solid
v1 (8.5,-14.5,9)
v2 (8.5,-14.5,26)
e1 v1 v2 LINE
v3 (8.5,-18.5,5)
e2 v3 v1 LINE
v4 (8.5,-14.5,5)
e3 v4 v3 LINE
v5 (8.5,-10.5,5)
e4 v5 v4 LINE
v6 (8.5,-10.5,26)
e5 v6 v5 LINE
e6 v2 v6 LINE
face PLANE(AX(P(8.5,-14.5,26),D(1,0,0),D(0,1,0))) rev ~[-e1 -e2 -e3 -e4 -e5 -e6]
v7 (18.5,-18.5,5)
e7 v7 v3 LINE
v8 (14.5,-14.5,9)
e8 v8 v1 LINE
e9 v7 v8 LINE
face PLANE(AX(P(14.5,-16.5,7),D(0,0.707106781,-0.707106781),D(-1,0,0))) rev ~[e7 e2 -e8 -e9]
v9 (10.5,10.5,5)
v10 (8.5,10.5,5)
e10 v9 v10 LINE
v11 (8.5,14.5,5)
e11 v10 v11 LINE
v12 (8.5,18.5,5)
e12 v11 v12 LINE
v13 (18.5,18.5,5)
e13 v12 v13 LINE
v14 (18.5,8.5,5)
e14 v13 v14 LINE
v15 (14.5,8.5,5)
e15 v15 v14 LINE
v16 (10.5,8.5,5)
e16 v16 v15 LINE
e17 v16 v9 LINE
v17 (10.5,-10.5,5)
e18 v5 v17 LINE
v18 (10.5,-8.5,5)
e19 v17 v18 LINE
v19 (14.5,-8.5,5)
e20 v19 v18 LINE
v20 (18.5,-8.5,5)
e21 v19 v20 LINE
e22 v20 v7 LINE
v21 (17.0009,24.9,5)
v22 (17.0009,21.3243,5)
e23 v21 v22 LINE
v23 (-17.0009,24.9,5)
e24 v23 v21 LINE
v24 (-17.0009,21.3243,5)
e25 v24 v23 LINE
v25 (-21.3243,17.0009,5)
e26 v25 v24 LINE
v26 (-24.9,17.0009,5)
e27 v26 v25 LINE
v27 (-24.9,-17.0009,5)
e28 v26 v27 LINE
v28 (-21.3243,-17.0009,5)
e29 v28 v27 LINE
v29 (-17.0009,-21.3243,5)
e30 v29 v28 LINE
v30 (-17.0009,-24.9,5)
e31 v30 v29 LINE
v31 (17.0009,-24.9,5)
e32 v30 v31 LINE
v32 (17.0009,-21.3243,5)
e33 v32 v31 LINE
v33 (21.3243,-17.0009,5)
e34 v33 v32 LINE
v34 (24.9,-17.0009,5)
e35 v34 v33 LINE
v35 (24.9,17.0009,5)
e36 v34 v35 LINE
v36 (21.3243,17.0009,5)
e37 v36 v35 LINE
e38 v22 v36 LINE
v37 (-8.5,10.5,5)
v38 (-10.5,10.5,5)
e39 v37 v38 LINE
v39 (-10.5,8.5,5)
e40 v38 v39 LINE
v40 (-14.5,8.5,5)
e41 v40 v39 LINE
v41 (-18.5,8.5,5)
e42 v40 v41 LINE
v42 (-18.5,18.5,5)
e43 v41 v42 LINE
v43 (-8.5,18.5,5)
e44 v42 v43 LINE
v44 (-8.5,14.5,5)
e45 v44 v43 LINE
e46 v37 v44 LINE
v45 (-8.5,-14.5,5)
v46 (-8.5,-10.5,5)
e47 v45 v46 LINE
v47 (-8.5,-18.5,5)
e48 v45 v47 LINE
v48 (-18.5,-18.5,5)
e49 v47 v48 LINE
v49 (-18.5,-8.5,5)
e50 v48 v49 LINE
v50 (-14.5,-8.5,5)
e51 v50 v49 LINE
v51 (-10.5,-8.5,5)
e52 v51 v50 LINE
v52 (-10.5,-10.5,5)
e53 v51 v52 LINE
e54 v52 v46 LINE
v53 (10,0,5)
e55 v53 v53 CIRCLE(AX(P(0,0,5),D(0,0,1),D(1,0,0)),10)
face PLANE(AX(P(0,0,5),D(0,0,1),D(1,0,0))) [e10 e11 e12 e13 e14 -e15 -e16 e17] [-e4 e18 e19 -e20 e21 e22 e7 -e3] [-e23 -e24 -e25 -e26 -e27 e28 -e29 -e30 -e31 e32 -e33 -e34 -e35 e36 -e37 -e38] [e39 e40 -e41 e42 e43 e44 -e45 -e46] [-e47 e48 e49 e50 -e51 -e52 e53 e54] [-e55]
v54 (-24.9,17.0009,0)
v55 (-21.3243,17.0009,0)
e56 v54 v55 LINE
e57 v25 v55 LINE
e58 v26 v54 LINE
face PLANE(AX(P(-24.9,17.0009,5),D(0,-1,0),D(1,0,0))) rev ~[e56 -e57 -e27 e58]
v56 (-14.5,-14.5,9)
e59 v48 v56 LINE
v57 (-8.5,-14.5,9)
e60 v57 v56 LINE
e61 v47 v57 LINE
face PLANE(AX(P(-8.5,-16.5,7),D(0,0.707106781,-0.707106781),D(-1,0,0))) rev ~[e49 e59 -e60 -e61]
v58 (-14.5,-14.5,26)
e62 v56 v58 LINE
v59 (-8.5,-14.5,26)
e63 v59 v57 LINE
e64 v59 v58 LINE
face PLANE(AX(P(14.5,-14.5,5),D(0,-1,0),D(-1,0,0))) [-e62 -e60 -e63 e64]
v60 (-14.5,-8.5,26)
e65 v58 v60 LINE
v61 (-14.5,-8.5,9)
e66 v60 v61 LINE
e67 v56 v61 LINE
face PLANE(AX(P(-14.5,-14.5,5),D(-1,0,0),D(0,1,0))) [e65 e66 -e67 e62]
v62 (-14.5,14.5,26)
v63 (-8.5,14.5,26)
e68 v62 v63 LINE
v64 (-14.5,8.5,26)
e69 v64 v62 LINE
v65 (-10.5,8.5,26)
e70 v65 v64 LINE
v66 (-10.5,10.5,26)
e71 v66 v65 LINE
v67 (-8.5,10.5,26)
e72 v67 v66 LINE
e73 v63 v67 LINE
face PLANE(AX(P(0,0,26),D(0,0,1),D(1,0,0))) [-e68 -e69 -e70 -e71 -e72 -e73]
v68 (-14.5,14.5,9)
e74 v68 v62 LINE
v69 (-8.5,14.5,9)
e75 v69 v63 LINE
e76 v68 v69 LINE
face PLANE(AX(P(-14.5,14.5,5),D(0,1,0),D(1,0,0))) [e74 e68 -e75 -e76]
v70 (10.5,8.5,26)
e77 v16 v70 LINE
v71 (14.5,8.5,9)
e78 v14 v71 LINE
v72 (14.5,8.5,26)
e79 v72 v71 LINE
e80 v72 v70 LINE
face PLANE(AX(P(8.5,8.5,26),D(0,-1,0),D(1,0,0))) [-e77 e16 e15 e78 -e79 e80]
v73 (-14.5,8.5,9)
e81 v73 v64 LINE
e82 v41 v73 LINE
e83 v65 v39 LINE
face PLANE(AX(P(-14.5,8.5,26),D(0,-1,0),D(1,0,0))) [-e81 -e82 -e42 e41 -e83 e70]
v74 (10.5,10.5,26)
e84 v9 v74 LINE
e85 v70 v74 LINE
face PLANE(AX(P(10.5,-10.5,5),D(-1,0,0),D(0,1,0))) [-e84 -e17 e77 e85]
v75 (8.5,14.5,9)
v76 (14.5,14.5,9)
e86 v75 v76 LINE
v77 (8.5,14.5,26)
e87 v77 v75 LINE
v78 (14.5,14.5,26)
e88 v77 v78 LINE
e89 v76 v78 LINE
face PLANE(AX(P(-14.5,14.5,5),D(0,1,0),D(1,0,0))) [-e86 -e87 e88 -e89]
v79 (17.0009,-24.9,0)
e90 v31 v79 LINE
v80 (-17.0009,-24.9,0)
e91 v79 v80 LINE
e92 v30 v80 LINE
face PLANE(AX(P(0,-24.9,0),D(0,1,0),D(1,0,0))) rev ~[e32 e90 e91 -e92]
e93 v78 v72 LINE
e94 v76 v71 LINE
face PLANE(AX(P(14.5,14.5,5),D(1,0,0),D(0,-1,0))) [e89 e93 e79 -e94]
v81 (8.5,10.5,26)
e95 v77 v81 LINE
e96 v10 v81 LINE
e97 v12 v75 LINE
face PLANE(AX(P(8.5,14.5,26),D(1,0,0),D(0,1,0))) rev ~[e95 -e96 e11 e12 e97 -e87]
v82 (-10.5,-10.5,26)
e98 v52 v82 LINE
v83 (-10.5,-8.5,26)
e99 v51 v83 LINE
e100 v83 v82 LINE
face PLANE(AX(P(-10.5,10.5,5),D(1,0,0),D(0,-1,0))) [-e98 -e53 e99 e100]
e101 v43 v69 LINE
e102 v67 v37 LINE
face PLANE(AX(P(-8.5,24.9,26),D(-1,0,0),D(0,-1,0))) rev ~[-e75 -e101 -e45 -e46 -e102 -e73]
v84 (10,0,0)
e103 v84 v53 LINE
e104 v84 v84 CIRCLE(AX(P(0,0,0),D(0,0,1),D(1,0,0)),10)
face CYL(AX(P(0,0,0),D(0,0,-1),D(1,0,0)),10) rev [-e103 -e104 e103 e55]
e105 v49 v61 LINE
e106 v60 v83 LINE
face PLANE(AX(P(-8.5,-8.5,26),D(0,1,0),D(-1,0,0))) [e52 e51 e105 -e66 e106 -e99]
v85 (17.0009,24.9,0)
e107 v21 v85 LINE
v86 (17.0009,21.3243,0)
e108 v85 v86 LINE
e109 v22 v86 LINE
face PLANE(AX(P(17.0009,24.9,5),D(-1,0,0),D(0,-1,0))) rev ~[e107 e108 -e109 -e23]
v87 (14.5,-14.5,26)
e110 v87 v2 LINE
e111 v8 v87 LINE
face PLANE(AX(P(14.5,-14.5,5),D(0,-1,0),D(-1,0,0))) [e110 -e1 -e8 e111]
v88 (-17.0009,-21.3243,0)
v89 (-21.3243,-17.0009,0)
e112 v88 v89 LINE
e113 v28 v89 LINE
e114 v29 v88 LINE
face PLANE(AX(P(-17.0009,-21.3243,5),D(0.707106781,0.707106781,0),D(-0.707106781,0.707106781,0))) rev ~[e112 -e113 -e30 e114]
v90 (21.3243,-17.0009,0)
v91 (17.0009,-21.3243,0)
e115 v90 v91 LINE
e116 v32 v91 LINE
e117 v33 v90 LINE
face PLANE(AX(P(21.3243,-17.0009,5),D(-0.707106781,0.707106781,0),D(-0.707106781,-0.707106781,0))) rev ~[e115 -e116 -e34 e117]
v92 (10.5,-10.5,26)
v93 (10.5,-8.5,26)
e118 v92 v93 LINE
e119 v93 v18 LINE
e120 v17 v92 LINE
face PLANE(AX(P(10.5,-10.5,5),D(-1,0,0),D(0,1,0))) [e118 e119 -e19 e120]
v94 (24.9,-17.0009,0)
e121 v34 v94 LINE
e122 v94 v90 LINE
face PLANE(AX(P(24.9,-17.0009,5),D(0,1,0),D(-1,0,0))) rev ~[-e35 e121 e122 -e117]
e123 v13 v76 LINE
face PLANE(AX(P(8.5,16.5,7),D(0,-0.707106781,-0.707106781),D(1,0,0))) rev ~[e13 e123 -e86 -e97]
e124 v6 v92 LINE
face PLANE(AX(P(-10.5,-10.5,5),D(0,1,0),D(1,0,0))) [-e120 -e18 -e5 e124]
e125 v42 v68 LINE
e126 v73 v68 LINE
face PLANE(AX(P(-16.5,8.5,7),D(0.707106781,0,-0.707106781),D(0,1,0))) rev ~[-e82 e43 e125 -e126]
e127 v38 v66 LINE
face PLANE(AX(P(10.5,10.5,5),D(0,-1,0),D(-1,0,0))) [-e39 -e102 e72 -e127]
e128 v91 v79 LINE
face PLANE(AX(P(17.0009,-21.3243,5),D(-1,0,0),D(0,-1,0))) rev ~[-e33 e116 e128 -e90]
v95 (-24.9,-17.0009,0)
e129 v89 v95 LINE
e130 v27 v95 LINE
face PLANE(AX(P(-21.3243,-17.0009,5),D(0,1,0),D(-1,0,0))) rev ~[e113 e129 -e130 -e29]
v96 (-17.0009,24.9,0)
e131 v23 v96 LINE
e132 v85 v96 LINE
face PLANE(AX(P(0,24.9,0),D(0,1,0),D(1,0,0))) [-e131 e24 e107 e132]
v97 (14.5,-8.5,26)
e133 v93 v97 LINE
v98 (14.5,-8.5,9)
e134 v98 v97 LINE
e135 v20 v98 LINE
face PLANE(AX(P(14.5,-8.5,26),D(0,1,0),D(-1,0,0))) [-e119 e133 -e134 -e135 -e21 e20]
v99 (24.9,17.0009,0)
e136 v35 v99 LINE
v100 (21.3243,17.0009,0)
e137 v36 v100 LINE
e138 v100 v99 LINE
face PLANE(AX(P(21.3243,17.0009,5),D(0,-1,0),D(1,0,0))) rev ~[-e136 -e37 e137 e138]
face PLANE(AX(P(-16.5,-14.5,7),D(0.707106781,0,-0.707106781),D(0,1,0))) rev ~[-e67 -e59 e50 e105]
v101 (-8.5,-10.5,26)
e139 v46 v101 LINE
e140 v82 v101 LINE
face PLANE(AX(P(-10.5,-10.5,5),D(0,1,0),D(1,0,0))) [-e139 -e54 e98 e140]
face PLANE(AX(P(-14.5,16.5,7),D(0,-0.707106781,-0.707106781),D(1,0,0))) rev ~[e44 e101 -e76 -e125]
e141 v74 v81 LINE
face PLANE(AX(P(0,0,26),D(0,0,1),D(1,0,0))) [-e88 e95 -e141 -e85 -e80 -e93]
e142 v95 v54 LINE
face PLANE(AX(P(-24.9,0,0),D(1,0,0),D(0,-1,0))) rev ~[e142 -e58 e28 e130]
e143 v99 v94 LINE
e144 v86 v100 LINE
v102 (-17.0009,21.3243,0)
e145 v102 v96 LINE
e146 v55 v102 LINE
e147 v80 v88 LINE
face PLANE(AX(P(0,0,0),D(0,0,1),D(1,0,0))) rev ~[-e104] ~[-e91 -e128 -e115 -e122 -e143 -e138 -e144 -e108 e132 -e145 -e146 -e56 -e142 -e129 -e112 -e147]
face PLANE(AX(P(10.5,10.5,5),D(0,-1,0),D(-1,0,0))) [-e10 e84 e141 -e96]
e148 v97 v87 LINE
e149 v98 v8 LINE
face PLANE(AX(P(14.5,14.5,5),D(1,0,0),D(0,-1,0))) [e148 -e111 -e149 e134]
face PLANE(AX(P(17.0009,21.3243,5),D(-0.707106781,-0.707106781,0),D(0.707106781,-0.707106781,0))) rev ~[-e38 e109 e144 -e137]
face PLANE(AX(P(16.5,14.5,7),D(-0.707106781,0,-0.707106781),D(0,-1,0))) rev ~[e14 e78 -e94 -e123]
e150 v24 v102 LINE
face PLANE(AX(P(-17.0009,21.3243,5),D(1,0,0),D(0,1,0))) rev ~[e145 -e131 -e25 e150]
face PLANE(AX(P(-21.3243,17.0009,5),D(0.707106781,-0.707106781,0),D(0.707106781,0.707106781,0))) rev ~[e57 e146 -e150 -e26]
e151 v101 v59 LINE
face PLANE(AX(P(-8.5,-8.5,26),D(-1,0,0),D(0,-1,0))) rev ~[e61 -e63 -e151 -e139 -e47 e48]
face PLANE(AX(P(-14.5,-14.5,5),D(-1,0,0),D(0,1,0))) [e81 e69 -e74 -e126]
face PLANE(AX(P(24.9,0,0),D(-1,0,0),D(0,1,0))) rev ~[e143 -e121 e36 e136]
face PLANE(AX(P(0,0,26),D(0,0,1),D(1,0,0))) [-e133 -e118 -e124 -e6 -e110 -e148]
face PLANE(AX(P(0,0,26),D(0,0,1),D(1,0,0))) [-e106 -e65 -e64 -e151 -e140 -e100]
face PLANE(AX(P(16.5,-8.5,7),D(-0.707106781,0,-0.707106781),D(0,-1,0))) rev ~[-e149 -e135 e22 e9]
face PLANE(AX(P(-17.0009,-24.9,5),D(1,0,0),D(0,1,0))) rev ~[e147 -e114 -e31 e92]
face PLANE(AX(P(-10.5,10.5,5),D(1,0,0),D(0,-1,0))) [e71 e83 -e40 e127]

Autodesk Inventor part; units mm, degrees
ref_plane "YZ Plane" through (0, 0, 0) normal (1, 0, 0) x (0, 1, 0)
ref_plane "XZ Plane" through (0, 0, 0) normal (0, 1, 0) x (-1, 0, 0)
ref_plane "XY Plane" through (0, 0, 0) normal (0, 0, 1) x (1, 0, 0)
sketch "Sketch1" plane through (0, 0, 0) normal (0, 0, 1) x (1, 0, 0)
  line L0 (-34.86, 0) -> (34.86, 0) construction
  line L1 (0, -34.86) -> (0, 34.86) construction
  line L2 (0, 0) -> (16.9726, 16.9726) construction
  line L3 (0, 0) -> (24.0028, 0) construction
  line L4 (0, 24.9) -> (16.8009, 24.9)
  line L5 (16.8009, 24.9) -> (16.8009, 21.2415)
  line L6 (16.8009, 21.2415) -> (19.0212, 19.0212)
  line L7 (24.9, 0) -> (24.9, 16.8009)
  line L8 (24.9, 16.8009) -> (21.2415, 16.8009)
  line L9 (21.2415, 16.8009) -> (19.0212, 19.0212)
  line L10 (0, -24.9) -> (16.8009, -24.9)
  line L11 (16.8009, -24.9) -> (16.8009, -21.2415)
  line L12 (16.8009, -21.2415) -> (19.0212, -19.0212)
  line L13 (24.9, 0) -> (24.9, -16.8009)
  line L14 (24.9, -16.8009) -> (21.2415, -16.8009)
  line L15 (21.2415, -16.8009) -> (19.0212, -19.0212)
  line L16 (0, 0) -> (-16.9726, 16.9726) construction
  line L17 (0, 0) -> (-24.0028, 0) construction
  line L18 (0, 24.9) -> (-16.8009, 24.9)
  line L19 (-16.8009, 24.9) -> (-16.8009, 21.2415)
  line L20 (-16.8009, 21.2415) -> (-19.0212, 19.0212)
  line L21 (-24.9, 0) -> (-24.9, 16.8009)
  line L22 (-24.9, 16.8009) -> (-21.2415, 16.8009)
  line L23 (-21.2415, 16.8009) -> (-19.0212, 19.0212)
  line L24 (0, -24.9) -> (-16.8009, -24.9)
  line L25 (-16.8009, -24.9) -> (-16.8009, -21.2415)
  line L26 (-16.8009, -21.2415) -> (-19.0212, -19.0212)
  line L27 (-21.2415, -16.8009) -> (-19.0212, -19.0212)
  line L28 (-24.9, -16.8009) -> (-21.2415, -16.8009)
  line L29 (-24.9, 0) -> (-24.9, -16.8009)
  circle A0 centre (0, 0) radius 10
  dimension "d17" = 45
  dimension "d18" = 24.9
  dimension "d20" = 3.14
  dimension "d21" = 26.9
  dimension "d22" = 20
extrude "Extrusion1" add sketch "Sketch1" along normal blind 5
sketch "Skizze6" plane through (0, 0, 5) normal (0, 0, 1) x (1, 0, 0)
  circle A0 centre (0, 0) radius 10 construction
  line L0 (16.8009, 24.9) -> (-16.8009, 24.9) construction
  line L1 (-16.8009, 24.9) -> (-16.8009, 21.2415) projected
  line L2 (-16.8009, 21.2415) -> (-21.2415, 16.8009) projected
  line L3 (-21.2415, 16.8009) -> (-24.9, 16.8009) projected
  line L4 (-24.9, 16.8009) -> (-24.9, -16.8009) construction
  line L5 (-24.9, -16.8009) -> (-21.2415, -16.8009) projected
  line L6 (-21.2415, -16.8009) -> (-16.8009, -21.2415) projected
  line L7 (-16.8009, -21.2415) -> (-16.8009, -24.9) projected
  line L8 (-16.8009, -24.9) -> (16.8009, -24.9) construction
  line L9 (16.8009, -24.9) -> (16.8009, -21.2415) projected
  line L10 (16.8009, -21.2415) -> (21.2415, -16.8009) projected
  line L11 (21.2415, -16.8009) -> (24.9, -16.8009) projected
  line L12 (24.9, -16.8009) -> (24.9, 16.8009) construction
  line L13 (24.9, 16.8009) -> (21.2415, 16.8009) projected
  line L14 (21.2415, 16.8009) -> (16.8009, 21.2415) projected
  line L15 (16.8009, 21.2415) -> (16.8009, 24.9) projected
  line L16 (-17.0009, 25.1) -> (17.0009, 25.1) construction
  line L17 (17.0009, 25.1) -> (17.0009, 21.3243)
  line L18 (17.0009, 21.3243) -> (21.3243, 17.0009)
  line L19 (21.3243, 17.0009) -> (25.1, 17.0009)
  line L20 (25.1, 17.0009) -> (25.1, -17.0009) construction
  line L21 (25.1, -17.0009) -> (21.3243, -17.0009)
  line L22 (21.3243, -17.0009) -> (17.0009, -21.3243)
  line L23 (17.0009, -21.3243) -> (17.0009, -25.1)
  line L24 (17.0009, -25.1) -> (-17.0009, -25.1) construction
  line L25 (-17.0009, -25.1) -> (-17.0009, -21.3243)
  line L26 (-17.0009, -21.3243) -> (-21.3243, -17.0009)
  line L27 (-21.3243, -17.0009) -> (-25.1, -17.0009)
  line L28 (-25.1, -17.0009) -> (-25.1, 17.0009) construction
  line L29 (-25.1, 17.0009) -> (-21.3243, 17.0009)
  line L30 (-21.3243, 17.0009) -> (-17.0009, 21.3243)
  line L31 (-17.0009, 21.3243) -> (-17.0009, 25.1)
  line L32 (-24.9, 16.8009) -> (-24.9, 17.0009)
  line L33 (-16.8009, 24.9) -> (-17.0009, 24.9)
  line L34 (16.8009, 24.9) -> (-16.8009, 24.9) projected
  line L35 (16.8009, 24.9) -> (17.0009, 24.9)
  line L36 (24.9, 16.8009) -> (24.9, 17.0009)
  line L37 (16.8009, -24.9) -> (17.0009, -24.9)
  line L38 (21.2415, -16.8009) -> (24.9, -16.8009) projected
  line L39 (24.9, -16.8009) -> (24.9, -17.0009)
  line L40 (-16.8009, -24.9) -> (-17.0009, -24.9)
  line L41 (-24.9, -16.8009) -> (-21.2415, -16.8009) projected
  line L42 (-24.9, -16.8009) -> (-24.9, -17.0009)
  dimension "d17" = 45
  dimension "d18" = 24.9
  dimension "d20" = 3.14
  dimension "d21" = 26.9
  dimension "d41" = 0.2
extrude "IM_offset" add sketch "Skizze6" against normal up to surface (5 mm away)
sketch "Sketch8" plane through (0, 0, 5) normal (0, 0, 1) x (1, 0, 0)
  circle A0 centre (0, 0) radius 10 projected
  line L0 (-10.5, -10.5) -> (10.5, -10.5)
  line L1 (10.5, -10.5) -> (10.5, 10.5)
  line L2 (10.5, 10.5) -> (-10.5, 10.5)
  line L3 (-10.5, 10.5) -> (-10.5, -10.5)
  line L4 (-10.5, -10.5) -> (10.5, 10.5) construction
  line L5 (10.5, -10.5) -> (-10.5, 10.5) construction
  line L6 (-10.5, -10.5) -> (10.5, -10.5) construction
  line L7 (14.5, 14.5) -> (14.5, -14.5)
  line L8 (14.5, -14.5) -> (-14.5, -14.5)
  line L9 (-14.5, -14.5) -> (-14.5, 14.5)
  line L10 (-14.5, 14.5) -> (14.5, 14.5)
  dimension "d48" = 21
  dimension "d49" = 0
  dimension "d50" = 21
  dimension "d51" = 4
extrude "Extrusion8" add sketch "Sketch8" along normal blind 21 contours L7 L8 L9 L10
sketch "Sketch9" plane through (0, 0, 26) normal (0, 0, 1) x (1, 0, 0)
  line L0 (17.0009, 24.9) -> (-17.0009, 24.9) projected
  line L1 (-17.0009, 24.9) -> (-17.0009, 21.3243) projected
  line L2 (-17.0009, 21.3243) -> (-21.3243, 17.0009) projected
  line L3 (-21.3243, 17.0009) -> (-24.9, 17.0009) projected
  line L4 (-24.9, 17.0009) -> (-24.9, -17.0009) projected
  line L5 (-24.9, -17.0009) -> (-21.3243, -17.0009) projected
  line L6 (-21.3243, -17.0009) -> (-17.0009, -21.3243) projected
  line L7 (-17.0009, -21.3243) -> (-17.0009, -24.9) projected
  line L8 (-17.0009, -24.9) -> (17.0009, -24.9) projected
  line L9 (17.0009, -24.9) -> (17.0009, -21.3243) projected
  line L10 (17.0009, -21.3243) -> (21.3243, -17.0009) projected
  line L11 (21.3243, -17.0009) -> (24.9, -17.0009) projected
  line L12 (24.9, -17.0009) -> (24.9, 17.0009) projected
  line L13 (24.9, 17.0009) -> (21.3243, 17.0009) projected
  line L14 (21.3243, 17.0009) -> (17.0009, 21.3243) projected
  line L15 (17.0009, 21.3243) -> (17.0009, 24.9) projected
  line L16 (-14.5, 14.5) -> (14.5, 14.5) projected
  line L17 (14.5, 14.5) -> (14.5, -14.5) projected
  line L18 (14.5, -14.5) -> (-14.5, -14.5) projected
  line L19 (-14.5, -14.5) -> (-14.5, 14.5) projected
  line L20 (24.9, -8.5) -> (-24.9, -8.5)
  line L21 (-24.9, -8.5) -> (-24.9, 8.5)
  line L22 (-24.9, 8.5) -> (24.9, 8.5)
  line L23 (24.9, 8.5) -> (24.9, -8.5)
  line L24 (24.9, -8.5) -> (-24.9, 8.5) construction
  line L25 (-24.9, -8.5) -> (24.9, 8.5) construction
  line L26 (8.5, -24.9) -> (8.5, 24.9)
  line L27 (8.5, 24.9) -> (-8.5, 24.9)
  line L28 (-8.5, 24.9) -> (-8.5, -24.9)
  line L29 (-8.5, -24.9) -> (8.5, -24.9)
  line L30 (8.5, -24.9) -> (-8.5, 24.9) construction
  line L31 (8.5, 24.9) -> (-8.5, -24.9) construction
  point P0 (0, 0)
  point P1 (-8.5, -8.5)
  point P2 (8.5, -8.5)
  point P3 (8.5, 8.5)
  point P4 (-8.5, 8.5)
  dimension "d54" = 17
  dimension "d55" = 17
extrude "Extrusion9" cut sketch "Sketch9" against normal blind 21 contours L26 L16 L28 L0 | L26 L22 L28 L16 | L26 L20 L28 L22 | L22 L17 L20 L26 | L28 L20 L19 L22 | L22 L12 L20 L17 | L26 L18 L28 L20 | L19 L20 L4 L22 | L26 L8 L28 L18
chamfer "Chamfer1" distance 4 angle 45 8 edges at (-11.5, 14.5, 5) (11.5, 14.5, 5) (-14.5, 11.5, 5) (-14.5, -11.5, 5) (-11.5, -14.5, 5) (11.5, -14.5, 5) (14.5, -11.5, 5) (14.5, 11.5, 5)
properties part number "20_Cube_Insert_Beamsplitter_v3"
